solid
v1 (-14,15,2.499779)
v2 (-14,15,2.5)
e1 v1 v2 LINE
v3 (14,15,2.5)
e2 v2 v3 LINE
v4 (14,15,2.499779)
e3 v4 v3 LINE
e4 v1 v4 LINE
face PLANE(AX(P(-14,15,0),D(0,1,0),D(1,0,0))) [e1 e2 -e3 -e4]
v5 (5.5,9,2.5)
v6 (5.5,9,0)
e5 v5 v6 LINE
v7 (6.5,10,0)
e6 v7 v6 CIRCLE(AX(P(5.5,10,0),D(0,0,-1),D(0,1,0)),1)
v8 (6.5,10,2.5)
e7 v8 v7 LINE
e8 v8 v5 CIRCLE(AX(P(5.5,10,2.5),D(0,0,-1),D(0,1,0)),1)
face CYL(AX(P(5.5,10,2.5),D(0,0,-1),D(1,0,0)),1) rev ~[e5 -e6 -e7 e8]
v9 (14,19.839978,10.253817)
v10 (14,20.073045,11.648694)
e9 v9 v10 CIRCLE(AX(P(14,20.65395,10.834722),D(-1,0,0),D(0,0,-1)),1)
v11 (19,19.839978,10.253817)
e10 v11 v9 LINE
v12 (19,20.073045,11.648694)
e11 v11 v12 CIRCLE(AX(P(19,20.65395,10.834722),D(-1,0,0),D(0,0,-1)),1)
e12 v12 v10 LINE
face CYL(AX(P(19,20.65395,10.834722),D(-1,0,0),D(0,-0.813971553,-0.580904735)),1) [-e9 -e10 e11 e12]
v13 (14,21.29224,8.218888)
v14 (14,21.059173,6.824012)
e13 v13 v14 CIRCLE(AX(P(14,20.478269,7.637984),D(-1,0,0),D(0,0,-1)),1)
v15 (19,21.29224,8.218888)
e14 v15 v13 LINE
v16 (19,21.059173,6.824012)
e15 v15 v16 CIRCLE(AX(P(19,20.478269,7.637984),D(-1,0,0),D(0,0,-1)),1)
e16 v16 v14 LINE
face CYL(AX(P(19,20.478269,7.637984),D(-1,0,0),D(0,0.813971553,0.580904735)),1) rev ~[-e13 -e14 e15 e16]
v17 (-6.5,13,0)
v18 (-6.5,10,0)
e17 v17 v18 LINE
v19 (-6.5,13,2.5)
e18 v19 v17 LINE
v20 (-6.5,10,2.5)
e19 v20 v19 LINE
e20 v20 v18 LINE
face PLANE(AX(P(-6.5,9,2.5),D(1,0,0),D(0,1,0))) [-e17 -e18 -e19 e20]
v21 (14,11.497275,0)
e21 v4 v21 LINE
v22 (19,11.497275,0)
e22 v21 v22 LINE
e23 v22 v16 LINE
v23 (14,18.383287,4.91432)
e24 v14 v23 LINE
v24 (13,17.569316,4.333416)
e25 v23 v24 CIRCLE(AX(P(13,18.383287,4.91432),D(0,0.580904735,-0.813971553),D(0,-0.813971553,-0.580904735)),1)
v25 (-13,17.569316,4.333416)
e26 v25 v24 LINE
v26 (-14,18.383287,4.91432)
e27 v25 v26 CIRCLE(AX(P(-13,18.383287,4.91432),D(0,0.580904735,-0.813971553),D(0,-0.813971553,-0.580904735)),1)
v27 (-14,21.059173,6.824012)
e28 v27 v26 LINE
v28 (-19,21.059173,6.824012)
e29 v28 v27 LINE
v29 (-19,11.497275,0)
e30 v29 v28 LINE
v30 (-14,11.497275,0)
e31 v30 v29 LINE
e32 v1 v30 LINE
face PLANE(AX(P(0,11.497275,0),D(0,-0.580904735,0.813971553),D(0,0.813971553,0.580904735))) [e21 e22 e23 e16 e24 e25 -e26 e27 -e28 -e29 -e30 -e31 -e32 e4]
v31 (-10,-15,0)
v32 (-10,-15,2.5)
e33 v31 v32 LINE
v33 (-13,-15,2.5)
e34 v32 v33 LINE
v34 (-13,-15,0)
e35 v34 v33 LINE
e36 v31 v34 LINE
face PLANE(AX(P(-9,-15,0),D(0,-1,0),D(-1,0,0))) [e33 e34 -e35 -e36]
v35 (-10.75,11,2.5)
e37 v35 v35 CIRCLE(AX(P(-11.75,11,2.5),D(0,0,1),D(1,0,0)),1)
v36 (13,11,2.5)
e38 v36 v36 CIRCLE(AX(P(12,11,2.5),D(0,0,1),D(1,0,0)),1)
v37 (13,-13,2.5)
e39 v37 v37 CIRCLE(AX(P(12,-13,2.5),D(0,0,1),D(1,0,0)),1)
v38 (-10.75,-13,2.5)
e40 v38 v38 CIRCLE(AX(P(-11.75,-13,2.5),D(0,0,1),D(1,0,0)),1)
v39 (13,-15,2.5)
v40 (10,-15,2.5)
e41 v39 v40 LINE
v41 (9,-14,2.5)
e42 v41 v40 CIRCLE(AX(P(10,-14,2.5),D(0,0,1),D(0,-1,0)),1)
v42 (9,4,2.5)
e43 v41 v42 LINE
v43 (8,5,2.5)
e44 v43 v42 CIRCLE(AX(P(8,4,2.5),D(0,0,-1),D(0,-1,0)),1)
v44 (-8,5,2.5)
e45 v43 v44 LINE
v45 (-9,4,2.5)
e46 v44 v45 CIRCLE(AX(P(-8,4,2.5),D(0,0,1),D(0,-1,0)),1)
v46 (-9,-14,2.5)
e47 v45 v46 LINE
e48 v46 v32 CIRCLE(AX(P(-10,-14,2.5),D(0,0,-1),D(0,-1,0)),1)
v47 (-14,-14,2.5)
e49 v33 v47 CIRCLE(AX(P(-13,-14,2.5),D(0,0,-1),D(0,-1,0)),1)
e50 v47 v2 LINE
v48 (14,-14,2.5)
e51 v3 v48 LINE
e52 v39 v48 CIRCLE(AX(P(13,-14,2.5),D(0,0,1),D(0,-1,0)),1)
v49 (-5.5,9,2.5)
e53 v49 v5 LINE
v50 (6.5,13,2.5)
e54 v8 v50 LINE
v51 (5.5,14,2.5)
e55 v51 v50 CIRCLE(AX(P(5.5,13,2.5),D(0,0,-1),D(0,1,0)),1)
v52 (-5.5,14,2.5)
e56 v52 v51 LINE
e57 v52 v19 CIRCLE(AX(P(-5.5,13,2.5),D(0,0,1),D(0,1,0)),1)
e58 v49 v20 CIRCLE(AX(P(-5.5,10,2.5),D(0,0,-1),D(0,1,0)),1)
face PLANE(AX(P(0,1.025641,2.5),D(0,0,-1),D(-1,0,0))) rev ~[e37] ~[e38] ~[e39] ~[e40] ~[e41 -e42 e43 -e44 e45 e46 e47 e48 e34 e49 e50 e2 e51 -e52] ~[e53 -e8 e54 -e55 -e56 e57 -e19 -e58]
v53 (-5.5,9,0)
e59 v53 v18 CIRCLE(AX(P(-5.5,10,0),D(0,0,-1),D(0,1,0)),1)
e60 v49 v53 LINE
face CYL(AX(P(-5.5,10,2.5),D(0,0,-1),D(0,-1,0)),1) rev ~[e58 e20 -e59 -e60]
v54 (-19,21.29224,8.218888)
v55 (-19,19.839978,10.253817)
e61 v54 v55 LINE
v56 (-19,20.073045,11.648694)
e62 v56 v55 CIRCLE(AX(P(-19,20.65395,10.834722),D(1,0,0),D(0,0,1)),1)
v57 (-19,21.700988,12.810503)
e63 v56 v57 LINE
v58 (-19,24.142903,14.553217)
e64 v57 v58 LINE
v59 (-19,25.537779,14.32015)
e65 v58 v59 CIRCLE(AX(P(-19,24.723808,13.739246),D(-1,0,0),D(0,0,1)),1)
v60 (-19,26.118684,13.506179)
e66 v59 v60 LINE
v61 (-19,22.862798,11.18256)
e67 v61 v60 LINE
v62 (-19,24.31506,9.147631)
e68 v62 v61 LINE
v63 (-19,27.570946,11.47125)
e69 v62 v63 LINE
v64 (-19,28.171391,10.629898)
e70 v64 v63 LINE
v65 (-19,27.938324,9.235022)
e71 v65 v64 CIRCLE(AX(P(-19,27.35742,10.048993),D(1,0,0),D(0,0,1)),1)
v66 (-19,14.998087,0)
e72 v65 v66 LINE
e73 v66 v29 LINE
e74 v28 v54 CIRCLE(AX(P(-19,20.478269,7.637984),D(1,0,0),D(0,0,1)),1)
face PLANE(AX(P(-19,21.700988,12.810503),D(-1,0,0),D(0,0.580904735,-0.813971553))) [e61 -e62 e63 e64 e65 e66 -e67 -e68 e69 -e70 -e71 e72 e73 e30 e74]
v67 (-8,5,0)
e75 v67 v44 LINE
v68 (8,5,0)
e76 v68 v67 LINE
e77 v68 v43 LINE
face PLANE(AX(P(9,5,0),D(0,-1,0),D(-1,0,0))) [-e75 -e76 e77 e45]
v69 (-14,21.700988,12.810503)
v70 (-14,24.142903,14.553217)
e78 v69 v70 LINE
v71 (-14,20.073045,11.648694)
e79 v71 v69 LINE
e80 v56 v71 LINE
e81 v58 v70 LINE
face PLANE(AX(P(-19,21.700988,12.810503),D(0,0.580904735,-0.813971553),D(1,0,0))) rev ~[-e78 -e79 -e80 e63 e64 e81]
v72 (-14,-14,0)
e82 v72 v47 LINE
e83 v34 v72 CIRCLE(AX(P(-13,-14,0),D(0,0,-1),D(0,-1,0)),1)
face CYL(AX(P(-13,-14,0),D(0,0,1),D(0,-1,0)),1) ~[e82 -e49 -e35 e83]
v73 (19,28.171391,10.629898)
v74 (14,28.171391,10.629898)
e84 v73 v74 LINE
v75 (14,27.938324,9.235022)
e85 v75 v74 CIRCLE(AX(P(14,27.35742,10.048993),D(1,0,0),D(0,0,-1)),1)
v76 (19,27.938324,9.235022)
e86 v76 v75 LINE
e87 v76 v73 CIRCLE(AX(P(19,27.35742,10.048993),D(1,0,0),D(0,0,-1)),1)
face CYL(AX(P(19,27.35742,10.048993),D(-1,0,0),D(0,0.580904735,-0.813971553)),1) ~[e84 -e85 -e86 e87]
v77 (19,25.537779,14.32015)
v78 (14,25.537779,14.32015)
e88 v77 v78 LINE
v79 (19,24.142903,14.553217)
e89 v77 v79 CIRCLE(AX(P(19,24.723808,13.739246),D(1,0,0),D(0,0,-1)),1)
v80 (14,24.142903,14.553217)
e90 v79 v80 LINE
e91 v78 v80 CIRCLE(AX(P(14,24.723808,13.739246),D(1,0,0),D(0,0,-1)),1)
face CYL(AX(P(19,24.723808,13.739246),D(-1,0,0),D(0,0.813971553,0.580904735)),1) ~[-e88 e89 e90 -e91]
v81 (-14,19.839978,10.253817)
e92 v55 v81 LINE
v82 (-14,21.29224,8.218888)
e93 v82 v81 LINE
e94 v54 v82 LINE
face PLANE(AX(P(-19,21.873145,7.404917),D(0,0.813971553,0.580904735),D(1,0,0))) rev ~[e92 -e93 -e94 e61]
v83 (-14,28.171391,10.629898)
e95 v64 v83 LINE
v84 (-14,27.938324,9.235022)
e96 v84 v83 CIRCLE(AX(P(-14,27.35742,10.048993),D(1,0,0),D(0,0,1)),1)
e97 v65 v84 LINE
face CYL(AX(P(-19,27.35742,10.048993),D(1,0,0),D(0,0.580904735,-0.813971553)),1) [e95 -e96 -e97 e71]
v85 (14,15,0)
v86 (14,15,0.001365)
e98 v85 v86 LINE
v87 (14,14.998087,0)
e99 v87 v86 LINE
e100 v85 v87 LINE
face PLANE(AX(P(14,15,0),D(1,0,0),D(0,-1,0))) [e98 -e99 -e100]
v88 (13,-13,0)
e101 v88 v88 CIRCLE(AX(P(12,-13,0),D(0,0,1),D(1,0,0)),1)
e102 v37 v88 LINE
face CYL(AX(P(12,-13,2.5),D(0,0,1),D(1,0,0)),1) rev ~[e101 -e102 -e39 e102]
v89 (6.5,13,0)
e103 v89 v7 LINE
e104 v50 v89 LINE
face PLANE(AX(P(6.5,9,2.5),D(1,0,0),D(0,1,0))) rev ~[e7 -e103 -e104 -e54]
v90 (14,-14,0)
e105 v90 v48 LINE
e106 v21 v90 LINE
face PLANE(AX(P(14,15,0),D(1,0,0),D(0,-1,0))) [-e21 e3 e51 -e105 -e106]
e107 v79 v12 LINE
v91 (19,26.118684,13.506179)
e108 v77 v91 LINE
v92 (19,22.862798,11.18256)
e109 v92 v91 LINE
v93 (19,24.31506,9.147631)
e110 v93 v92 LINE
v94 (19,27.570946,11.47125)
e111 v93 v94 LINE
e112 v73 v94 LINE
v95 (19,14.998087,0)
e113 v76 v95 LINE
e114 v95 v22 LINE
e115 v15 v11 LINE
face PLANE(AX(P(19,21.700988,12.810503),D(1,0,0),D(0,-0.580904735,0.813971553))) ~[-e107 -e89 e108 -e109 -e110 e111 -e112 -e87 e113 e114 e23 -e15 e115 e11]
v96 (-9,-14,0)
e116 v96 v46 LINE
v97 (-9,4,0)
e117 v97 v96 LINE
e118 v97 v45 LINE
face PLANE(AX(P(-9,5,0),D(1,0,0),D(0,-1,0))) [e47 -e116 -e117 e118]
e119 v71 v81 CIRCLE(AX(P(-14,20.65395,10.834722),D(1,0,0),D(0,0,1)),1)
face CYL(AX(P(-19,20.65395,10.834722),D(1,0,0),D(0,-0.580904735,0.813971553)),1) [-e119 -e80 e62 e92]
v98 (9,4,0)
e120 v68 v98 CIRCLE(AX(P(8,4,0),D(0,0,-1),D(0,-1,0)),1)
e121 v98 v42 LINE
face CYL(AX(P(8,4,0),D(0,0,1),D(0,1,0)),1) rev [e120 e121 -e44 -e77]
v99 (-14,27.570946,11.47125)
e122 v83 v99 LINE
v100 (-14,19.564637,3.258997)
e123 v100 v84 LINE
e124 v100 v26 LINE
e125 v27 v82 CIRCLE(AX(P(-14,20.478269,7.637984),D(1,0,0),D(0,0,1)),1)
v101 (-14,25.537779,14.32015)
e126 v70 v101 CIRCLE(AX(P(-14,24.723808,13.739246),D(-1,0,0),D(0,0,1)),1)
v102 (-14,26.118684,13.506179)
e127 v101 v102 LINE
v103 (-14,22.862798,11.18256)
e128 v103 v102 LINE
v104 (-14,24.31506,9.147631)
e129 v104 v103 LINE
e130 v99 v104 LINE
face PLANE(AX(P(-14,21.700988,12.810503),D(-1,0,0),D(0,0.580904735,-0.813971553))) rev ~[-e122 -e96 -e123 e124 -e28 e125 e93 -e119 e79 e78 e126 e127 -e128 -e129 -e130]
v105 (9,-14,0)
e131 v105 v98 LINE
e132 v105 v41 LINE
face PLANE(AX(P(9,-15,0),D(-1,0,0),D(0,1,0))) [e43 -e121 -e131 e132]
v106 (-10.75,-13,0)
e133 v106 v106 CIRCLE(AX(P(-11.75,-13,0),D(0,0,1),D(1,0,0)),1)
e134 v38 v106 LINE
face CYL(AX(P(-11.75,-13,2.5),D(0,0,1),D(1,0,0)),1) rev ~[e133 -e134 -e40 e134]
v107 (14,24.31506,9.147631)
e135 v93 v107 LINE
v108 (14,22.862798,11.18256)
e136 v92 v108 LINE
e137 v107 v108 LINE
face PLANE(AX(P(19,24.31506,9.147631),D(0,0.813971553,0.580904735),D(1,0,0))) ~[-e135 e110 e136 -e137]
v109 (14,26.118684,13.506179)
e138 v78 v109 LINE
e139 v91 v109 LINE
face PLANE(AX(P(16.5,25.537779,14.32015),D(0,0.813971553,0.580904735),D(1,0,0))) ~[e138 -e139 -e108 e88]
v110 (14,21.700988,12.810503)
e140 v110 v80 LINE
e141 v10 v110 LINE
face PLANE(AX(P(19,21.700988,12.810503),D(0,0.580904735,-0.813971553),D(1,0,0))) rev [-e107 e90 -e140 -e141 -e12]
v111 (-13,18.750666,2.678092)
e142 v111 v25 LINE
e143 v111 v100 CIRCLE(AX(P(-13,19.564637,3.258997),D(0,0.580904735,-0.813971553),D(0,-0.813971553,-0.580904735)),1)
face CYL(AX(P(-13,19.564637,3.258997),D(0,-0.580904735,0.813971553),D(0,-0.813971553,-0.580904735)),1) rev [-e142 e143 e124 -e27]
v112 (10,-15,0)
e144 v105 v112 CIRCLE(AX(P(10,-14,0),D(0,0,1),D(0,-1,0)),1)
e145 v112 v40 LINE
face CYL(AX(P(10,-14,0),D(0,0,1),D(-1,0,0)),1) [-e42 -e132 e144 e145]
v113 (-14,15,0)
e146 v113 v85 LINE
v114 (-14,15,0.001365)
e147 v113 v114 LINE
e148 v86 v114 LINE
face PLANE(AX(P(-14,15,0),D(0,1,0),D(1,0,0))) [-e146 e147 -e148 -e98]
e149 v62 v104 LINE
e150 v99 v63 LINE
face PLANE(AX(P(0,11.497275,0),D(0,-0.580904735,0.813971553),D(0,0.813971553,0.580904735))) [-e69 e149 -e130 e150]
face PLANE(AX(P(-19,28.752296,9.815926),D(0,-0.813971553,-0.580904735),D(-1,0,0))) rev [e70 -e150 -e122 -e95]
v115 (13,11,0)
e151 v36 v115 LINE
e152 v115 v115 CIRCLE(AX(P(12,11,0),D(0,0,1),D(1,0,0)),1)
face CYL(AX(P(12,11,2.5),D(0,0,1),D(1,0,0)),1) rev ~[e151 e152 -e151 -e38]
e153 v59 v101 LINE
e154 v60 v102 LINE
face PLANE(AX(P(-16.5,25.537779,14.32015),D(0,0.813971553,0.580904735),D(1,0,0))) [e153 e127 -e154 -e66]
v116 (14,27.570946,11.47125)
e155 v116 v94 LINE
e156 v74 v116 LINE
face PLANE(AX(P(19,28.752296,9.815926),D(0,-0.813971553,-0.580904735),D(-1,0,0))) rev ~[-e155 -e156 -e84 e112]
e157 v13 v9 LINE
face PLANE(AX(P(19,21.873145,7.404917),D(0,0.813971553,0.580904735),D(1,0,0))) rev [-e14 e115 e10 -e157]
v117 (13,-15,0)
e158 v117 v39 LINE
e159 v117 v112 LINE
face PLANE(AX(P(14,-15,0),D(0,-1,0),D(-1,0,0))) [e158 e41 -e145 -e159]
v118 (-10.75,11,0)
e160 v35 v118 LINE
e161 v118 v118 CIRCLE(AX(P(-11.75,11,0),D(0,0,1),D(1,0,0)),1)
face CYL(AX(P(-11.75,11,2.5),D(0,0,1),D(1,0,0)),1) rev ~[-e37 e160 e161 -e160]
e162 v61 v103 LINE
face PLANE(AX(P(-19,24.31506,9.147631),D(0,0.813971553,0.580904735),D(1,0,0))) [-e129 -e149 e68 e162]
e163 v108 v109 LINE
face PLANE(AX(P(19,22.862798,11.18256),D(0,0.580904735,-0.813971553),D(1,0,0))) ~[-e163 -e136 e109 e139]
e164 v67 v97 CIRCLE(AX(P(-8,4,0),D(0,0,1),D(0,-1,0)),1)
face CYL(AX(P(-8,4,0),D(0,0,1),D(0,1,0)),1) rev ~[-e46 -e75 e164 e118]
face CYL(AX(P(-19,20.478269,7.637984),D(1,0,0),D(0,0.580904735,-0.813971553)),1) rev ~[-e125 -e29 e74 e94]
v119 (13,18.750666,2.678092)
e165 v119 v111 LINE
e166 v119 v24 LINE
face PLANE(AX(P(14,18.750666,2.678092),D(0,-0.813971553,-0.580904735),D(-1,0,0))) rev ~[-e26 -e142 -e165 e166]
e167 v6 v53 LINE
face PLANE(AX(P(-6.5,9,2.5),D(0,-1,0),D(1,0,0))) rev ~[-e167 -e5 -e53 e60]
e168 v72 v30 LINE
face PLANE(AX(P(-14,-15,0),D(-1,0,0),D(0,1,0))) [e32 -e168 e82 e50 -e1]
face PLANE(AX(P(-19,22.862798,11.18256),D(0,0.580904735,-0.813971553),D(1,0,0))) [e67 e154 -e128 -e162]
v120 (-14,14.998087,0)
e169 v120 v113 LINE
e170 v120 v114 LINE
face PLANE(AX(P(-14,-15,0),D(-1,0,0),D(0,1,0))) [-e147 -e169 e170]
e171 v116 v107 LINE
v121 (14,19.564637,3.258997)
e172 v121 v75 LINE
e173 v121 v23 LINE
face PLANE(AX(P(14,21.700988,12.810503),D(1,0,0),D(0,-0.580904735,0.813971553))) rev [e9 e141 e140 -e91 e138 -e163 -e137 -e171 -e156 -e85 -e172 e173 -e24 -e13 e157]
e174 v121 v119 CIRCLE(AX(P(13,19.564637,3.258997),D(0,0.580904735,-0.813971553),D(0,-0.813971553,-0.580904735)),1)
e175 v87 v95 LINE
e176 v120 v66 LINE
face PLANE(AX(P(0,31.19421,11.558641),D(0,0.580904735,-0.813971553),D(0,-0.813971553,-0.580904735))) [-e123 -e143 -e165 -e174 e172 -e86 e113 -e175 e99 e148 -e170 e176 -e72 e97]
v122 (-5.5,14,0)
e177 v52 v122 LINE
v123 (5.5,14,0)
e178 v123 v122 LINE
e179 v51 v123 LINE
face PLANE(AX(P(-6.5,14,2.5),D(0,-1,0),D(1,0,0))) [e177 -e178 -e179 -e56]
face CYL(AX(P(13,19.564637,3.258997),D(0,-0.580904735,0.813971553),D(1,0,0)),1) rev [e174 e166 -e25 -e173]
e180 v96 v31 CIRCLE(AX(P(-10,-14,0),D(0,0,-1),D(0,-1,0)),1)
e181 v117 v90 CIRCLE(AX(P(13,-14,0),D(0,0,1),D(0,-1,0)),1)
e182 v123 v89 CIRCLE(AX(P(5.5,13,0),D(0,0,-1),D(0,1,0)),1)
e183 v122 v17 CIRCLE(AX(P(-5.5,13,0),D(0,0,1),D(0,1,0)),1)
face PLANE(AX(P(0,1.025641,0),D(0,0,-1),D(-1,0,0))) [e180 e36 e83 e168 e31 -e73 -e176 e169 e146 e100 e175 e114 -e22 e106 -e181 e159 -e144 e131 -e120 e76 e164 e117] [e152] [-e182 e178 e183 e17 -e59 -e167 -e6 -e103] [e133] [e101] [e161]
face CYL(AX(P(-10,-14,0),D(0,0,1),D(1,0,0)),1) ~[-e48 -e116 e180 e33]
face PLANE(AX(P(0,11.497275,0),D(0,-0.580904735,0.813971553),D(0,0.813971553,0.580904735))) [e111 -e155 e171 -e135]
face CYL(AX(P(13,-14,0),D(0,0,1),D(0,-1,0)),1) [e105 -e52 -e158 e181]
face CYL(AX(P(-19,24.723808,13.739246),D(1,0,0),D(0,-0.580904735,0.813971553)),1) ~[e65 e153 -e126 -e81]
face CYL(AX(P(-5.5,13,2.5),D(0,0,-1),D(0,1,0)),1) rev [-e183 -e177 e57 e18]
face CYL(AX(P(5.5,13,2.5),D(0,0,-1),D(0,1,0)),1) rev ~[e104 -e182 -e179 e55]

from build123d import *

# Parameters (mm, degrees)
SALIENTE_EXTRUIR1_DEPTH      = 2.5
SALIENTE_EXTRUIR2_DEPTH      = 19
SALIENTE_EXTRUIR2_DEPTH_BACK = 19
CROQUIS3_R                   = 1
CORTAR_EXTRUIR2_DEPTH        = 2.5
CROQUIS2_W                   = 13
CROQUIS2_H                   = 5
CORTAR_EXTRUIR1_DEPTH        = 3
REDONDEO1_R                  = 1
CROQUIS7_W                   = 28
CROQUIS7_H                   = 15.287444166
CORTAR_EXTRUIR3_DEPTH        = 2.5
CROQUIS8_W                   = 5
CROQUIS8_H                   = 3
CORTAR_EXTRUIR4_DEPTH        = 2.5
REDONDEO2_R                  = 1
CROQUIS9_W                   = 5
CROQUIS9_H                   = 3
SALIENTE_EXTRUIR3_DEPTH      = 4.5
CROQUIS10_W                  = 5
CROQUIS10_H                  = 2
SALIENTE_EXTRUIR4_DEPTH      = 4
REDONDEO3_R                  = 1
REDONDEO3_OF_SIMETR_A3_R     = 1
REDONDEO4_R                  = 1


with BuildPart() as part:
    # Croquis1 → Saliente-Extruir1 (new body)
    with BuildSketch(Plane.XY):
        Polygon((-9, -15), (-14, -15), (-14, 15), (14, 15), (14, -15), (9, -15), (9, 5), (-9, 5), align=None)
    extrude(amount=SALIENTE_EXTRUIR1_DEPTH)

    # Croquis6 → Saliente-Extruir2 (add, two sides)
    with BuildSketch(Plane(origin=(0, 0, 0), x_dir=(0, 0, -1), z_dir=(1, 0, 0))) as saliente_extruir2_sk:
        Polygon((0, 14.99808723), (0, 11.497275395), (-11.558640634, 27.693398632), (-11.558640634, 31.194210467), align=None)
    extrude(amount=SALIENTE_EXTRUIR2_DEPTH)
    extrude(saliente_extruir2_sk.sketch, amount=-SALIENTE_EXTRUIR2_DEPTH_BACK)

    # Croquis3 → Cortar-Extruir2 (cut)
    with BuildSketch(Plane.XY.offset(2.5)):
        with Locations((-11.75, -13)):
            Circle(CROQUIS3_R)
        with Locations((-11.75, 11)):
            Circle(CROQUIS3_R)
        with Locations((12, -13)):
            Circle(CROQUIS3_R)
        with Locations((12, 11)):
            Circle(CROQUIS3_R)
    extrude(amount=-CORTAR_EXTRUIR2_DEPTH, mode=Mode.SUBTRACT)

    # Croquis2 → Cortar-Extruir1 (cut)
    with BuildSketch(Plane.XY.offset(2.5)):
        with Locations((0, 11.5)):
            Rectangle(CROQUIS2_W, CROQUIS2_H)
    extrude(amount=-CORTAR_EXTRUIR1_DEPTH, mode=Mode.SUBTRACT)

    # Redondeo1
    redondeo1_edges = [part.edges().sort_by_distance(p)[0] for p in [
        (14, -15, 1.25),
        (9, -15, 1.25),
        (9, 5, 1.25),
        (-9, 5, 1.25),
        (-9, -15, 1.25),
        (-14, -15, 1.25),
        (-6.5, 9, 1.25),
        (-6.5, 14, 1.25),
        (6.5, 14, 1.25),
        (6.5, 9, 1.25),
    ]]
    fillet(redondeo1_edges, radius=REDONDEO1_R)

    # Croquis7 → Cortar-Extruir3 (cut)
    with BuildSketch(Plane(origin=(0, 5.061109194, -7.091694501), x_dir=(-1, 0, 0), z_dir=(0, 0.580904735, -0.813971553))):
        with Locations((0, 24.46194693)):
            Rectangle(CROQUIS7_W, CROQUIS7_H)
    extrude(amount=-CORTAR_EXTRUIR3_DEPTH, mode=Mode.SUBTRACT)

    # Croquis8 → Cortar-Extruir4 (cut)
    with BuildSketch(Plane(origin=(0, 5.061109194, -7.091694501), x_dir=(-1, 0, 0), z_dir=(0, 0.580904735, -0.813971553))):
        with Locations((-16.5, 30.605669013)):
            Rectangle(CROQUIS8_W, CROQUIS8_H)
    cortar_extruir4 = extrude(amount=-CORTAR_EXTRUIR4_DEPTH, mode=Mode.SUBTRACT)

    # Simetría1: Cortar-Extruir4 across plane
    add(cortar_extruir4.mirror(Plane(origin=(0, 0, 0), x_dir=(0, 0, 1), z_dir=(1, 0, 0))), mode=Mode.SUBTRACT)

    # Redondeo2
    redondeo2_edges = [part.edges().sort_by_distance(p)[0] for p in [
        (16.5, 28.752295807, 9.815926431),
        (-16.5, 28.752295807, 9.815926431),
    ]]
    fillet(redondeo2_edges, radius=REDONDEO2_R)

    # Croquis9 → Saliente-Extruir3 (add)
    with BuildSketch(Plane(origin=(0, 3.879759153, -5.436370882), x_dir=(1, 0, 0), z_dir=(0, -0.580904735, 0.813971553))):
        with Locations((-16.5, 23.605669013)):
            Rectangle(CROQUIS9_W, CROQUIS9_H)
    saliente_extruir3 = extrude(amount=SALIENTE_EXTRUIR3_DEPTH)

    # Croquis10 → Saliente-Extruir4 (add)
    with BuildSketch(Plane(origin=(0, 20.4353004, 14.584001994), x_dir=(1, 0, 0), z_dir=(0, 0.813971553, 0.580904735))):
        with Locations((-16.5, 3.178821712)):
            Rectangle(CROQUIS10_W, CROQUIS10_H)
    saliente_extruir4 = extrude(amount=SALIENTE_EXTRUIR4_DEPTH)

    # Redondeo3
    redondeo3_edges = [part.edges().sort_by_distance(p)[0] for p in [
        (-16.5, 21.873144894, 7.404916908),
        (-16.5, 19.259073588, 11.067788897),
        (-16.5, 24.956874461, 15.134122039),
    ]]
    fillet(redondeo3_edges, radius=REDONDEO3_R)

    # Simetría3: Saliente-Extruir3, Saliente-Extruir4 across plane
    add(saliente_extruir3.mirror(Plane(origin=(0, 0, 0), x_dir=(0, 0, 1), z_dir=(1, 0, 0))))
    add(saliente_extruir4.mirror(Plane(origin=(0, 0, 0), x_dir=(0, 0, 1), z_dir=(1, 0, 0))))

    # Redondeo3 of Simetría3
    redondeo3_of_simetr_a3_edges = [part.edges().sort_by_distance(p)[0] for p in [
        (16.5, 21.873144894, 7.404916908),
        (16.5, 19.259073588, 11.067788897),
        (16.5, 24.956874461, 15.134122039),
    ]]
    fillet(redondeo3_of_simetr_a3_edges, radius=REDONDEO3_OF_SIMETR_A3_R)

    # Redondeo4
    redondeo4_edges = [part.edges().sort_by_distance(p)[0] for p in [
        (14, 18.159990774, 3.505753749),
        (-14, 18.159990774, 3.505753749),
    ]]
    fillet(redondeo4_edges, radius=REDONDEO4_R)


solid = part.part
